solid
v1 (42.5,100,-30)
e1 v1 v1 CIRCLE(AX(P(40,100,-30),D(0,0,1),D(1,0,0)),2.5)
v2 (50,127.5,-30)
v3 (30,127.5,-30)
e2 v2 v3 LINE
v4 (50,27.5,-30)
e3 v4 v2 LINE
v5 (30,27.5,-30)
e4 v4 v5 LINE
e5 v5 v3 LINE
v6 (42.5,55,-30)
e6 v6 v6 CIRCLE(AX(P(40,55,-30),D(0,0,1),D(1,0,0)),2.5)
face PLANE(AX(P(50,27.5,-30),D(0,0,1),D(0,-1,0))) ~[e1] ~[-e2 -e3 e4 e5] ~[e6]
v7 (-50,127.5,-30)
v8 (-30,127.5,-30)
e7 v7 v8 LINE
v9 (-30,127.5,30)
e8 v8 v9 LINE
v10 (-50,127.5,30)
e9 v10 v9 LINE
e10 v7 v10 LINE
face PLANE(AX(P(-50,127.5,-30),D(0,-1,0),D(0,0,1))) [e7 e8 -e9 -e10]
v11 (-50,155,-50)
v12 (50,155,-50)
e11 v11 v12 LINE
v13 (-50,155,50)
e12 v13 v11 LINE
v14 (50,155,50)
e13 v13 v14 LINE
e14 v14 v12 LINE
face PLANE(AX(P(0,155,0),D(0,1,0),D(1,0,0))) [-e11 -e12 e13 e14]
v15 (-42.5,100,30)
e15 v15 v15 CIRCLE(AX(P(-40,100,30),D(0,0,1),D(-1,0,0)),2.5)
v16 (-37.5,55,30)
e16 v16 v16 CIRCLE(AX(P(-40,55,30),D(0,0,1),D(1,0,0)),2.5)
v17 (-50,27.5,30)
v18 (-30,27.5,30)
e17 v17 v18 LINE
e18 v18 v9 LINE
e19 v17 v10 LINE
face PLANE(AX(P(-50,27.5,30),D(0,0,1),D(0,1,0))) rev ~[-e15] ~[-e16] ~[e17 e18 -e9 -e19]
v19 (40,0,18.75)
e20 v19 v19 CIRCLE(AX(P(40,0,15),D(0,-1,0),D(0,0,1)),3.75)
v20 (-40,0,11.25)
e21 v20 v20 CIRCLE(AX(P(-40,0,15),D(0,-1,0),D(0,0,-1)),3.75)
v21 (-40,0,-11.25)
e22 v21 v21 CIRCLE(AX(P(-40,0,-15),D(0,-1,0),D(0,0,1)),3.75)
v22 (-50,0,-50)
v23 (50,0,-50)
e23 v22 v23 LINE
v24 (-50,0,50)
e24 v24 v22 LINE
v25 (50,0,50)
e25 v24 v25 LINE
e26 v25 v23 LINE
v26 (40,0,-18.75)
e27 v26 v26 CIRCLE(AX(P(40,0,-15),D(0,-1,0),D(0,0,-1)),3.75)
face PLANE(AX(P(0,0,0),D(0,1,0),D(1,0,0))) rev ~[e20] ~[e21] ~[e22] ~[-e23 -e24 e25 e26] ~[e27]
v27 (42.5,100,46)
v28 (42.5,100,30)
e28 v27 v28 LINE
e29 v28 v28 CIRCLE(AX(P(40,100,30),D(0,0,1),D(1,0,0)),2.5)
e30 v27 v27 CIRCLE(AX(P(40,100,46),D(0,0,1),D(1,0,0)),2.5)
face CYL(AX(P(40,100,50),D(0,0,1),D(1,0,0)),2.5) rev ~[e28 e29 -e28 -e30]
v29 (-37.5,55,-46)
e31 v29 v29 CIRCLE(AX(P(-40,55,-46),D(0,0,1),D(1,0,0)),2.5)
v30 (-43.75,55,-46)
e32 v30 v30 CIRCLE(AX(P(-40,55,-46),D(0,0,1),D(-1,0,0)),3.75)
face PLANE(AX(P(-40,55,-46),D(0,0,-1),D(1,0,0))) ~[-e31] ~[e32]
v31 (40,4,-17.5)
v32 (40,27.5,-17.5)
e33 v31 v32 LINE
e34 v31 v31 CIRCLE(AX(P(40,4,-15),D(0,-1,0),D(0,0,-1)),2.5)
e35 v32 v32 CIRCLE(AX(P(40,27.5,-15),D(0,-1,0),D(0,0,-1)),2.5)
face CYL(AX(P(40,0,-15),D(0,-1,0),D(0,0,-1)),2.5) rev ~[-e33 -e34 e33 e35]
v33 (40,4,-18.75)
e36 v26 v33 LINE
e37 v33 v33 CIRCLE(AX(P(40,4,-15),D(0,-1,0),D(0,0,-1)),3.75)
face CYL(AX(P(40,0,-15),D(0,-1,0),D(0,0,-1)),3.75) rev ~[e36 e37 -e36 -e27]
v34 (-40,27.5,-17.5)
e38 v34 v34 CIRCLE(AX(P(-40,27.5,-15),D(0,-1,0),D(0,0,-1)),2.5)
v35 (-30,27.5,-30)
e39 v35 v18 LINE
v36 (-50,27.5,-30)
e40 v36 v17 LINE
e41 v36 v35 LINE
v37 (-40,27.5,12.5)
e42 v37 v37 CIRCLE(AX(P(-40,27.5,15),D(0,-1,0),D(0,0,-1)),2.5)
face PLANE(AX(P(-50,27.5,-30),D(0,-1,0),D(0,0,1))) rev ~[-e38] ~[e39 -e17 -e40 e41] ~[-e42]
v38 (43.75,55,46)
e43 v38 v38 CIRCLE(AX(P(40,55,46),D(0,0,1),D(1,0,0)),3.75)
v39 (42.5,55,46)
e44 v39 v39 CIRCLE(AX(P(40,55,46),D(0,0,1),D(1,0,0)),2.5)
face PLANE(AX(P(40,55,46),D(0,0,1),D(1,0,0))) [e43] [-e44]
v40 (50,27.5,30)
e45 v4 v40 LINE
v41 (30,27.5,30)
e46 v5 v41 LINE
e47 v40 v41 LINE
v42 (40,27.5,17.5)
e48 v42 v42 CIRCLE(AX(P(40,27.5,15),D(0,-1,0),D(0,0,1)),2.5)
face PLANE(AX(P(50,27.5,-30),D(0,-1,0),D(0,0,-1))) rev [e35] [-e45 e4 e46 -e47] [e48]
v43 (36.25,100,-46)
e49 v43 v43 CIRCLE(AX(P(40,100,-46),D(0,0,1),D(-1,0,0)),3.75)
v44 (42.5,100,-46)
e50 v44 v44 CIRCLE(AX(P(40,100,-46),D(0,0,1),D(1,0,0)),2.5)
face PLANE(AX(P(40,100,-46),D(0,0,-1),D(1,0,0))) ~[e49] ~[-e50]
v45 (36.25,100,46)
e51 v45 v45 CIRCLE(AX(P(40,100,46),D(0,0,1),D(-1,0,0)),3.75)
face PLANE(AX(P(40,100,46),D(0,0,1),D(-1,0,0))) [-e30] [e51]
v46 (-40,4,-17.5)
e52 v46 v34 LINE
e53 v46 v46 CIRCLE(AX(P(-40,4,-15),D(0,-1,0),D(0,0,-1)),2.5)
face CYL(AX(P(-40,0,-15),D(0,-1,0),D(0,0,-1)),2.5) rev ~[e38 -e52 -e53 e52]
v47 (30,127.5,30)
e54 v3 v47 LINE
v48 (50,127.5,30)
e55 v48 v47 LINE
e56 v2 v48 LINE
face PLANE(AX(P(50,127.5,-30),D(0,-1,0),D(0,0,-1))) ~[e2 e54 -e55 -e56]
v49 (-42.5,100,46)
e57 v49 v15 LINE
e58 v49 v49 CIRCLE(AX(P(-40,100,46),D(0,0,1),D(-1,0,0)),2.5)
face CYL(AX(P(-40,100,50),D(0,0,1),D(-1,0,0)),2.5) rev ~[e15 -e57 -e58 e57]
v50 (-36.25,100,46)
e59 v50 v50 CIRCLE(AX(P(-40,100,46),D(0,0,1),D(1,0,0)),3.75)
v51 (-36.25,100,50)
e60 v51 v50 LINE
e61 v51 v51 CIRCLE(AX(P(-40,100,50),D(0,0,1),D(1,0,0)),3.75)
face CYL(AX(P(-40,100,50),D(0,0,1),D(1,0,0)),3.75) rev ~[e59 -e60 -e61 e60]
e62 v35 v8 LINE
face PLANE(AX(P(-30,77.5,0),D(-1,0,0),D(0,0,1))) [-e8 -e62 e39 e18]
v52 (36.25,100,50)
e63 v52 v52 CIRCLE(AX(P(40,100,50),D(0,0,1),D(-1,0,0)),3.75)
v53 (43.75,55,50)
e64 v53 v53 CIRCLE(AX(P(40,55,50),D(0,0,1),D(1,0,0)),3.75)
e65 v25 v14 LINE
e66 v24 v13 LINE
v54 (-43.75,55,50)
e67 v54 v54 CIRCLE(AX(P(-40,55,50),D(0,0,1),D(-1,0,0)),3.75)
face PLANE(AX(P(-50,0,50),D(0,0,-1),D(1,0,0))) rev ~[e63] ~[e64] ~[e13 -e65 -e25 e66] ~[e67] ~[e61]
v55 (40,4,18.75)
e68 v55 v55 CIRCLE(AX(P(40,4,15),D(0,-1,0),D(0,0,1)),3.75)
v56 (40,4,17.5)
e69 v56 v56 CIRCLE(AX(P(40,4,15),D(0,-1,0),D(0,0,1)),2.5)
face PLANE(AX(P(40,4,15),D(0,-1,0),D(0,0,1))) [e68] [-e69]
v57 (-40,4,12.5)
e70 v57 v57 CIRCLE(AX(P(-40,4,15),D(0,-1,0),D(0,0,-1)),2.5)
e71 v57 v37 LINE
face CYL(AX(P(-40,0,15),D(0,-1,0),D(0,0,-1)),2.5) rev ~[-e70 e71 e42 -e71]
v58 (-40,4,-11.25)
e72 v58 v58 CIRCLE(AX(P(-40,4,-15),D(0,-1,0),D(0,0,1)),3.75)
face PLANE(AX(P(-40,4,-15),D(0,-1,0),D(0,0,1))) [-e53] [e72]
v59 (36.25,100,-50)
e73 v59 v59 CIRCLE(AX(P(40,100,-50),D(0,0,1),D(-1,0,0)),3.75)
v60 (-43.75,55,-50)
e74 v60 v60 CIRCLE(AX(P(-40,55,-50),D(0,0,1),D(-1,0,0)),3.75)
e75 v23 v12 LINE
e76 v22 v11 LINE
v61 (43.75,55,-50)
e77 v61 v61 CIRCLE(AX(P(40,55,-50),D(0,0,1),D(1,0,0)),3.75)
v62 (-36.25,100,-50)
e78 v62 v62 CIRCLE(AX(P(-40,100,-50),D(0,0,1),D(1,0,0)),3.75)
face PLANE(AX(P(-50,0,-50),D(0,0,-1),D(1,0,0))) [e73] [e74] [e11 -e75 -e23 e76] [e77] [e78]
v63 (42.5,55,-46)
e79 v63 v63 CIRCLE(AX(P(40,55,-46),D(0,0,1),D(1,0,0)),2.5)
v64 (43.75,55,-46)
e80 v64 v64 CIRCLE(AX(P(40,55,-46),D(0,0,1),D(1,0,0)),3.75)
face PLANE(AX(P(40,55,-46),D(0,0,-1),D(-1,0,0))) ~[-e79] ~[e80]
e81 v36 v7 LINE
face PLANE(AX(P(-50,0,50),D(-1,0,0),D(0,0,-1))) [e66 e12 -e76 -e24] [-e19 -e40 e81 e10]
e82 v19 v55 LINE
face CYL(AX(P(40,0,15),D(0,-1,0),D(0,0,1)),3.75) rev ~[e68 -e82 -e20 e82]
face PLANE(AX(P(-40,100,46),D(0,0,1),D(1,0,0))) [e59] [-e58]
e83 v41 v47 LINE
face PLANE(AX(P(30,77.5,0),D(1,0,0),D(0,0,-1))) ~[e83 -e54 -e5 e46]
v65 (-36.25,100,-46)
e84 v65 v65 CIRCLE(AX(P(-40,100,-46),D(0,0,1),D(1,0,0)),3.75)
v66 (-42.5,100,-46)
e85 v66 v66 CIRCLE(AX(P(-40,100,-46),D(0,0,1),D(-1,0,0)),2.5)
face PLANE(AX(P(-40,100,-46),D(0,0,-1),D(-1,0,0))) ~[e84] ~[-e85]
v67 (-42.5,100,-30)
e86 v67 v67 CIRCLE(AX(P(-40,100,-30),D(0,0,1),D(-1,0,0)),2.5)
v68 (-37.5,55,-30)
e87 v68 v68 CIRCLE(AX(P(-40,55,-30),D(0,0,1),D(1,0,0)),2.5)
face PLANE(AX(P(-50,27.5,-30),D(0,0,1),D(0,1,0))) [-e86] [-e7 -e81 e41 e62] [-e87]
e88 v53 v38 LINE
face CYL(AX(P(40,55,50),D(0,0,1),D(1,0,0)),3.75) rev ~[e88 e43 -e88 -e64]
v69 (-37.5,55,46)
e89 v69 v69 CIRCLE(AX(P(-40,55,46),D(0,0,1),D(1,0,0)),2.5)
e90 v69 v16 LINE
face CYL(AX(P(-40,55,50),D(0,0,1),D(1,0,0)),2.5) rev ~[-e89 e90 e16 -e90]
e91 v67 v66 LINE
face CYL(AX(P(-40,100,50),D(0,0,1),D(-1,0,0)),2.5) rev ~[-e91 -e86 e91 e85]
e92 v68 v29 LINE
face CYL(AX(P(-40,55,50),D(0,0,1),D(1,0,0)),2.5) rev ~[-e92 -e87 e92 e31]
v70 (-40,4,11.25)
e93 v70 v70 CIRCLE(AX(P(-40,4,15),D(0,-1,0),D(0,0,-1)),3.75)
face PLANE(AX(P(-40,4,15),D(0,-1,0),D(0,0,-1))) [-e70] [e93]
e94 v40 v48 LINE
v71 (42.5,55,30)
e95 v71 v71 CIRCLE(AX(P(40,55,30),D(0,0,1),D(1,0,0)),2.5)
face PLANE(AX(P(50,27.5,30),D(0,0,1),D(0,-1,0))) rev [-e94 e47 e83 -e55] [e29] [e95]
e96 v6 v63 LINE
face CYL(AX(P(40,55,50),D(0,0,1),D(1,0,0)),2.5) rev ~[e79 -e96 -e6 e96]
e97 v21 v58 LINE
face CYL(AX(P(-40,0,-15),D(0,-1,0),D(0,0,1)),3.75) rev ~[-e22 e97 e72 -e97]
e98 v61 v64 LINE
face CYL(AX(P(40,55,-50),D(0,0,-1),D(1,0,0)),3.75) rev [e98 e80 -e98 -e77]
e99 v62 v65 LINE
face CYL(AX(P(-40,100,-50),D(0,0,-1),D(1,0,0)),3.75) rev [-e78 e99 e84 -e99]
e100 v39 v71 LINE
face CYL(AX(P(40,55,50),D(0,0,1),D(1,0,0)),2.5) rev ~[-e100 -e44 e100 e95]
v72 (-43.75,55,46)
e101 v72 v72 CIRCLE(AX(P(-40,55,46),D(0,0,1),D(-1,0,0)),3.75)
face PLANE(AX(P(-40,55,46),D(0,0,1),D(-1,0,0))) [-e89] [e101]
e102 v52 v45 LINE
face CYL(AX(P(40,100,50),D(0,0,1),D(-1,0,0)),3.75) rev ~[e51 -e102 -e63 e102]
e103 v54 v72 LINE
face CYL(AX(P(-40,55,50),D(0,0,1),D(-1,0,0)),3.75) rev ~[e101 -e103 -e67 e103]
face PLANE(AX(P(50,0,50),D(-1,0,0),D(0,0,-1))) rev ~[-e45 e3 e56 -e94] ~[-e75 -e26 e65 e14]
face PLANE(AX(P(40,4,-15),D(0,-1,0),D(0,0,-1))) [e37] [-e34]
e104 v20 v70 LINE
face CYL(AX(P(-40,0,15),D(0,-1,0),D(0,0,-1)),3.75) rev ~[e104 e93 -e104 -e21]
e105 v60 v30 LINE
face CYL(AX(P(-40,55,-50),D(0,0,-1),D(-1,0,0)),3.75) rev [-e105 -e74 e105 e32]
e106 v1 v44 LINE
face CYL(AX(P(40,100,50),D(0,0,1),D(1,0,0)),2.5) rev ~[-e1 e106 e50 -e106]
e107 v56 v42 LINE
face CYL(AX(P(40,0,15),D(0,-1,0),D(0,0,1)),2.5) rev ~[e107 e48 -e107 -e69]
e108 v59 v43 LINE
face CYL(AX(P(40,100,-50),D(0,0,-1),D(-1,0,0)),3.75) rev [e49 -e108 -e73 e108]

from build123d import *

# Parameters (mm, degrees)
SKETCH1_W           = 100
SKETCH1_H           = 100
BOSS_EXTRUDE1_DEPTH = 155
SKETCH2_W           = 60
SKETCH2_H           = 100
CUT_EXTRUDE1_DEPTH  = 20
SKETCH3_R           = 3.75
CUT_EXTRUDE2_DEPTH  = 4
SKETCH4_R           = 2.5
CUT_EXTRUDE3_DEPTH  = 192.115148536
SKETCH6_R           = 3.75
CUT_EXTRUDE5_DEPTH  = 4
SKETCH9_R           = 2.5
CUT_EXTRUDE7_DEPTH  = 50


with BuildPart() as part:
    # Sketch1 → Boss-Extrude1 (new body)
    with BuildSketch(Plane(origin=(0, 0, 0), x_dir=(1, 0, 0), z_dir=(0, 1, 0))):
        Rectangle(SKETCH1_W, SKETCH1_H)
    extrude(amount=BOSS_EXTRUDE1_DEPTH)

    # Sketch2 → Cut-Extrude1 (cut)
    with BuildSketch(Plane.ZY.offset(50)):
        with Locations((0, 77.5)):
            Rectangle(SKETCH2_W, SKETCH2_H)
    cut_extrude1 = extrude(amount=-CUT_EXTRUDE1_DEPTH, mode=Mode.SUBTRACT)

    # Mirror1: Cut-Extrude1 across plane
    add(cut_extrude1.mirror(Plane(origin=(0, 0, 0), x_dir=(0, 0, 1), z_dir=(1, 0, 0))), mode=Mode.SUBTRACT)

    # Sketch3 → Cut-Extrude2 (cut)
    with BuildSketch(Plane.XY.offset(50)):
        with Locations((-40, 100)):
            Circle(SKETCH3_R)
        with Locations(Location((-40, 55, 0), (0, 0, 180))):
            Circle(SKETCH3_R)
        with Locations((40, 55)):
            Circle(SKETCH3_R)
        with Locations(Location((40, 100, 0), (0, 0, 180))):
            Circle(SKETCH3_R)
    cut_extrude2 = extrude(amount=-CUT_EXTRUDE2_DEPTH, mode=Mode.SUBTRACT)

    # Mirror2: Cut-Extrude2 across plane
    add(cut_extrude2.mirror(Plane.XY), mode=Mode.SUBTRACT)

    # Sketch4 → Cut-Extrude3 (cut, through all)
    with BuildSketch(Plane.XY.offset(50)):
        with Locations(Location((-40, 100, 0), (0, 0, 180))):
            Circle(SKETCH4_R)
        with Locations((40, 100)):
            Circle(SKETCH4_R)
        with Locations((40, 55)):
            Circle(SKETCH4_R)
        with Locations((-40, 55)):
            Circle(SKETCH4_R)
    extrude(amount=-CUT_EXTRUDE3_DEPTH, mode=Mode.SUBTRACT)

    # Sketch6 → Cut-Extrude5 (cut)
    with BuildSketch(Plane.XZ):
        with Locations(Location((-40, 15, 0), (0, 0, 270))):
            Circle(SKETCH6_R)
        with Locations(Location((40, 15, 0), (0, 0, 90))):
            Circle(SKETCH6_R)
        with Locations(Location((40, -15, 0), (0, 0, 270))):
            Circle(SKETCH6_R)
        with Locations(Location((-40, -15, 0), (0, 0, 90))):
            Circle(SKETCH6_R)
    extrude(amount=-CUT_EXTRUDE5_DEPTH, mode=Mode.SUBTRACT)

    # Sketch9 → Cut-Extrude7 (cut)
    with BuildSketch(Plane.XZ):
        with Locations(Location((-40, 15, 0), (0, 0, 270))):
            Circle(SKETCH9_R)
        with Locations(Location((40, 15, 0), (0, 0, 90))):
            Circle(SKETCH9_R)
        with Locations(Location((40, -15, 0), (0, 0, 270))):
            Circle(SKETCH9_R)
        with Locations(Location((-40, -15, 0), (0, 0, 270))):
            Circle(SKETCH9_R)
    extrude(amount=-CUT_EXTRUDE7_DEPTH, mode=Mode.SUBTRACT)


solid = part.part
